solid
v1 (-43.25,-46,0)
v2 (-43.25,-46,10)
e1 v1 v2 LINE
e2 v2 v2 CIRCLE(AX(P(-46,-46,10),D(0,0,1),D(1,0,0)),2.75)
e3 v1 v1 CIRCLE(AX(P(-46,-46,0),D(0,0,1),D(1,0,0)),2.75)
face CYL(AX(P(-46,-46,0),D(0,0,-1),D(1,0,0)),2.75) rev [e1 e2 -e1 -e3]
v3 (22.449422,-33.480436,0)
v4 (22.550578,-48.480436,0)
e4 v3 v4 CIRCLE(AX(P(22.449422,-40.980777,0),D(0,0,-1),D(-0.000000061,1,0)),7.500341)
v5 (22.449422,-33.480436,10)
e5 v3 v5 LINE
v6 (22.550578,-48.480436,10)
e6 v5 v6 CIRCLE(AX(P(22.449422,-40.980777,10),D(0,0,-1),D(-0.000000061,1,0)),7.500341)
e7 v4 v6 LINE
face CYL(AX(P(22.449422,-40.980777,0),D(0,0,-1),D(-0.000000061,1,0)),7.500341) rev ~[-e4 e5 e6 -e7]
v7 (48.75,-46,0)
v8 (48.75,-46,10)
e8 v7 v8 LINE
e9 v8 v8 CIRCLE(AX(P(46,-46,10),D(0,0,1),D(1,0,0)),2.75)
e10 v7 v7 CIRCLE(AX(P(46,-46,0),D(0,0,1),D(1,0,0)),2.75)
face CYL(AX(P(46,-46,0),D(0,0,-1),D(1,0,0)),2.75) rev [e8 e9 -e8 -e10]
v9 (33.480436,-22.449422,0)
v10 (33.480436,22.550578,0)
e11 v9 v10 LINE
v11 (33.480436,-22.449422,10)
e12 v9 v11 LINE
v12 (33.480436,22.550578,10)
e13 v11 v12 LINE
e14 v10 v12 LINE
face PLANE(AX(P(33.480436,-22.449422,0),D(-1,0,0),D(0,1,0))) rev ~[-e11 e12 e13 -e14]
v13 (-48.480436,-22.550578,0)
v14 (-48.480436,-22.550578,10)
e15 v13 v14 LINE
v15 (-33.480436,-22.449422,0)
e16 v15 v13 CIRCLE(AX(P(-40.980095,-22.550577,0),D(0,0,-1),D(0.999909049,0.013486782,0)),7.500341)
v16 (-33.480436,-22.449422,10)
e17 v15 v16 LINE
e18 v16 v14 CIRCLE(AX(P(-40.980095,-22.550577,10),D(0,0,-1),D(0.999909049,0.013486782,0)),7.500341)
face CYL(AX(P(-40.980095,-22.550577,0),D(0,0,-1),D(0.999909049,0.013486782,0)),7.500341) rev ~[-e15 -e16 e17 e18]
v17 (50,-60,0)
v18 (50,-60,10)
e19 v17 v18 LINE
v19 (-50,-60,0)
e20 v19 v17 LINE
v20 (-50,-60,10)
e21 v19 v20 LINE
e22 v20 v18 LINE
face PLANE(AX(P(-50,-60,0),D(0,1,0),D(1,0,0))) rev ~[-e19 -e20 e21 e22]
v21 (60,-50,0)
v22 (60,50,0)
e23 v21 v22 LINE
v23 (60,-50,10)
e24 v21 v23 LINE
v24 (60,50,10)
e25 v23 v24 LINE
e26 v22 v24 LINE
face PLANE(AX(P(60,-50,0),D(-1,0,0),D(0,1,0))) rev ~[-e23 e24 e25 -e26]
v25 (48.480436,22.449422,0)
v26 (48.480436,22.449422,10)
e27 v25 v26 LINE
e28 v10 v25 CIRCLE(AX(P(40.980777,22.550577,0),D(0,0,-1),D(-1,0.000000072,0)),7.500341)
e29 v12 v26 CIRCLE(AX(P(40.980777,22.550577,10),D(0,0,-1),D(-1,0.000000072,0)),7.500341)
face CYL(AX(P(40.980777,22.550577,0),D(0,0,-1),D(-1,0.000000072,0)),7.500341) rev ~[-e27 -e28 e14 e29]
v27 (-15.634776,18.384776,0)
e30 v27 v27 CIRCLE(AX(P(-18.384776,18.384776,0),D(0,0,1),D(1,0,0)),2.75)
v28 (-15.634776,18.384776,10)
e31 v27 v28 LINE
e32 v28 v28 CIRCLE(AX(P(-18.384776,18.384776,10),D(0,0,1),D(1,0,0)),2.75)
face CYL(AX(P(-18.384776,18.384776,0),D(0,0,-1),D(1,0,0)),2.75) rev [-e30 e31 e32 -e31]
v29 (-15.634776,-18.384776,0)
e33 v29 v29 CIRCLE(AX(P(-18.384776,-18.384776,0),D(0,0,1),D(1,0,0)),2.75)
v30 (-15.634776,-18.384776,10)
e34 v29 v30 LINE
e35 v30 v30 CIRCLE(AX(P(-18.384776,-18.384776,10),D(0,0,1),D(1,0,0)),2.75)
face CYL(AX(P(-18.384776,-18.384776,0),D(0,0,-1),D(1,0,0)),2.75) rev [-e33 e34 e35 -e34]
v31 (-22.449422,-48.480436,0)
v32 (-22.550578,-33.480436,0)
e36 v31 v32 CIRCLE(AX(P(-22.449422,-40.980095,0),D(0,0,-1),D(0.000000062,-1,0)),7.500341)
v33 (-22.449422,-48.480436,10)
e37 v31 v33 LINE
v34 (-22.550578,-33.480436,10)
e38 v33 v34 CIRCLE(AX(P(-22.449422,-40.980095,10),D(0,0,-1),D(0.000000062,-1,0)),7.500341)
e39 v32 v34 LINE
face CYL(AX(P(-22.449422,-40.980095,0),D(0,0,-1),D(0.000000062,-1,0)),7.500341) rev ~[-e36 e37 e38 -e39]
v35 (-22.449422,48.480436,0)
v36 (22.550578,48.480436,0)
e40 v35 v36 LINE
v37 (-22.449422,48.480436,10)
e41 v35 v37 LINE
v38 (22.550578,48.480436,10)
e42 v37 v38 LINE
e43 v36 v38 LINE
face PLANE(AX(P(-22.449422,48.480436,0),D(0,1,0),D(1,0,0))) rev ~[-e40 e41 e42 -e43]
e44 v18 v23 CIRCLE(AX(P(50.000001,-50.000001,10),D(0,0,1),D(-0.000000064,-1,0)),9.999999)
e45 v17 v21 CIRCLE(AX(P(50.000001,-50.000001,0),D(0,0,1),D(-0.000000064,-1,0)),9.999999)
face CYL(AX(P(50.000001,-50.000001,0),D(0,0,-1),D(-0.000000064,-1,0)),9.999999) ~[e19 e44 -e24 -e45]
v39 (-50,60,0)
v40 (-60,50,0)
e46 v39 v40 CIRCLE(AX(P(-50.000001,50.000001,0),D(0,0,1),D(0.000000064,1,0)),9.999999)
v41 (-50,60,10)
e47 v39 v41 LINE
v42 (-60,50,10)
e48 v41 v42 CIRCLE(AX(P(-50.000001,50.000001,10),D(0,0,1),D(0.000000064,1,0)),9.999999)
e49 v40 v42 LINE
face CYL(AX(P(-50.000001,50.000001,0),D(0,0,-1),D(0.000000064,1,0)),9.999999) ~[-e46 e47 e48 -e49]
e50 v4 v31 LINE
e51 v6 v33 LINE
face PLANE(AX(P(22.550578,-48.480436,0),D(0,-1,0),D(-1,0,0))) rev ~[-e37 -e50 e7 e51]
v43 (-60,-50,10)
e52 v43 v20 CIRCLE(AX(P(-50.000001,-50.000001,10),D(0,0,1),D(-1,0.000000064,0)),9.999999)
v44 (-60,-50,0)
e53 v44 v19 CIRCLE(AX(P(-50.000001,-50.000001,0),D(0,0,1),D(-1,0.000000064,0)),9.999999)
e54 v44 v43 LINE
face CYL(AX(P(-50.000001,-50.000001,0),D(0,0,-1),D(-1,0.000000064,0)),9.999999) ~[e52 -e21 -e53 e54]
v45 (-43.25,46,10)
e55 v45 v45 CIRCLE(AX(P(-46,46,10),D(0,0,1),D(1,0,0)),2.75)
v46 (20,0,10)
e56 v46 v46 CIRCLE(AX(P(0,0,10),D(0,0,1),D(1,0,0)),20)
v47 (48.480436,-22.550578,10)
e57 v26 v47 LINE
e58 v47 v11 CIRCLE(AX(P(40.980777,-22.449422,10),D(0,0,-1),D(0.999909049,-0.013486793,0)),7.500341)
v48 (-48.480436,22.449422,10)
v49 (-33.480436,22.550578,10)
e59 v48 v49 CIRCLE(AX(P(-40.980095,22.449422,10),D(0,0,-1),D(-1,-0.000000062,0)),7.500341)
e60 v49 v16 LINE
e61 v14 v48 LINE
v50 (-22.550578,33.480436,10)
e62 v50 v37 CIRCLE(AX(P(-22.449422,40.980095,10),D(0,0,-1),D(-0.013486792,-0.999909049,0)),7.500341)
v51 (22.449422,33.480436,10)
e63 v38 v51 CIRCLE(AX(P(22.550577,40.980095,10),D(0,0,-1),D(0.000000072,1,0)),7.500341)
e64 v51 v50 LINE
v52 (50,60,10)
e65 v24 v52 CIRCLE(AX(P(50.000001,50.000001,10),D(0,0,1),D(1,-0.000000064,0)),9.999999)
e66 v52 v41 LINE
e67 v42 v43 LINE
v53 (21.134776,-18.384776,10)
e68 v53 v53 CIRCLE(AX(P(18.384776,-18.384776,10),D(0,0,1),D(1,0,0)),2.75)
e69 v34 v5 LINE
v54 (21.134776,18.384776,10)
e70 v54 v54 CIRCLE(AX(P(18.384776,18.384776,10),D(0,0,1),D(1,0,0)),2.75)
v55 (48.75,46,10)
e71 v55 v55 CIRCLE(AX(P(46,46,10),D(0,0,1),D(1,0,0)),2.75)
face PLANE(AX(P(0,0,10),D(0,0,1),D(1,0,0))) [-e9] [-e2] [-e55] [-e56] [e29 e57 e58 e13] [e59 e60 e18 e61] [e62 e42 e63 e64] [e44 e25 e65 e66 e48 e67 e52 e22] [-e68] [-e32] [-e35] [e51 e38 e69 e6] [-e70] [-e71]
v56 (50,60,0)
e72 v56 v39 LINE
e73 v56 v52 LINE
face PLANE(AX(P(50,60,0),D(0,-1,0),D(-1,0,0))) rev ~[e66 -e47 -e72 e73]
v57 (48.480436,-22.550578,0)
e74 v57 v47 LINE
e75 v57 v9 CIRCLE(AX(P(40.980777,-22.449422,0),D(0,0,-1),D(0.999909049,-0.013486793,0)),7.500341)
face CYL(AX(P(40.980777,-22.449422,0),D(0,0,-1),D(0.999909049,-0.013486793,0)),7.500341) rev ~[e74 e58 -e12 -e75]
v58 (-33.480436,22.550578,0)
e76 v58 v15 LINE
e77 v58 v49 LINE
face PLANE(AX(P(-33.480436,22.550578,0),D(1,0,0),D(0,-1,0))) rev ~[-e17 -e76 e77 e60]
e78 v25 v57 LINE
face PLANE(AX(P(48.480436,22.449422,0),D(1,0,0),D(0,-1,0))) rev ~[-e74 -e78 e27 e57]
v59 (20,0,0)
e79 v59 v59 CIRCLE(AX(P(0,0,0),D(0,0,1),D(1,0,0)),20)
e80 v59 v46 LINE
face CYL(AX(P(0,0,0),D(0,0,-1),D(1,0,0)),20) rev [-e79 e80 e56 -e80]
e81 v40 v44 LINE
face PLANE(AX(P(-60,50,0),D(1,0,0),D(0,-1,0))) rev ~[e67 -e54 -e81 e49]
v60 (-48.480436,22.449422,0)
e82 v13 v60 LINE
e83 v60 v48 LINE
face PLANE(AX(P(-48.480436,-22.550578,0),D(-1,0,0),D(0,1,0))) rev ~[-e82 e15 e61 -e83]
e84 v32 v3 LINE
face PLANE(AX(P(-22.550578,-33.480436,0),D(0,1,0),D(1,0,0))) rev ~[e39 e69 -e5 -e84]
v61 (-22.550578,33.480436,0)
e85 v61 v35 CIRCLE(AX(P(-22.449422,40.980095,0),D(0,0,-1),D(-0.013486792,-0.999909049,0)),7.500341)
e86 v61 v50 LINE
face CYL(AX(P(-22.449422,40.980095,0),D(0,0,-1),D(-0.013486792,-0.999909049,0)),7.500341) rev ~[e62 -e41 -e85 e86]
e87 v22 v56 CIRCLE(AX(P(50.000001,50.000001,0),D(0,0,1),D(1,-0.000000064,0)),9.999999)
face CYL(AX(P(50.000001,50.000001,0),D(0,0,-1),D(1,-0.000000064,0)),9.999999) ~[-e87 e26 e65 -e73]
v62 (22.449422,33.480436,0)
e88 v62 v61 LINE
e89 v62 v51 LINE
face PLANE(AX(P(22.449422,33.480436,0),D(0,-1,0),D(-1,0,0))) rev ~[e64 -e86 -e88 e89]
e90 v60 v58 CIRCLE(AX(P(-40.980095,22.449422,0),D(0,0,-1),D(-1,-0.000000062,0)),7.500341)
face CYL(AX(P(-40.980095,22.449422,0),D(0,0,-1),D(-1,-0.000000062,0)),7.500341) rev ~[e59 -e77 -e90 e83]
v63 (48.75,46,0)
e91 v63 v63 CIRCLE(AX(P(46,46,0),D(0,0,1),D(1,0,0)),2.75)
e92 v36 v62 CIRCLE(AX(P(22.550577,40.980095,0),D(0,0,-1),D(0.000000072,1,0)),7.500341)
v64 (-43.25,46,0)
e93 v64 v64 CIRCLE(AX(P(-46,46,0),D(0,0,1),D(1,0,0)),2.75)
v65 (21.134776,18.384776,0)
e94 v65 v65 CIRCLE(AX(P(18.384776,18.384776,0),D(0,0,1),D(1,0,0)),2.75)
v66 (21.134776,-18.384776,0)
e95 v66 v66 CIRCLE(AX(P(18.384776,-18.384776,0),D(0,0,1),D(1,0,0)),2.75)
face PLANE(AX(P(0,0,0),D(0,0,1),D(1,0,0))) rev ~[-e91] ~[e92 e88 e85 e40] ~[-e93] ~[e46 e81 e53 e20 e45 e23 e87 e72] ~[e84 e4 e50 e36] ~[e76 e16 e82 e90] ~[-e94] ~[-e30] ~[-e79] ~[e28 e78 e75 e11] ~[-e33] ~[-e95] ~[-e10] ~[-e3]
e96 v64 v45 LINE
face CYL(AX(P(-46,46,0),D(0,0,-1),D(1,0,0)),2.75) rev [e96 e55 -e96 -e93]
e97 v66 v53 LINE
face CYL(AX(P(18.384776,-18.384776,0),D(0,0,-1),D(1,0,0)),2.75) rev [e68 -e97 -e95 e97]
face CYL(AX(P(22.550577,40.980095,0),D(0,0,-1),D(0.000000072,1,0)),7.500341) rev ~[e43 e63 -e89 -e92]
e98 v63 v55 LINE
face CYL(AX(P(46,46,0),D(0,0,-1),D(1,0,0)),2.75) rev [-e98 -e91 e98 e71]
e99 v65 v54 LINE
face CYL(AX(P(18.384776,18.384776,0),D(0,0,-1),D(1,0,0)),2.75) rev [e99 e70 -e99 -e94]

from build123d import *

# Parameters (mm, degrees)
F0_R     = 2.75
F0_R_2   = 20
F1_DEPTH = 10


with BuildPart() as f1:
    # F0 (on Top) → F1 (new body)
    with BuildSketch(Plane.XY):
        with BuildLine():
            Line((-50, -60), (50, -60))
            ThreePointArc((50, -60), (57.071068, -57.071068), (60, -50))
            Line((60, -50), (60, 50))
            ThreePointArc((60, 50), (57.071068, 57.071068), (50, 60))
            Line((50, 60), (-50, 60))
            ThreePointArc((-50, 60), (-57.071068, 57.071068), (-60, 50))
            Line((-60, 50), (-60, -50))
            ThreePointArc((-60, -50), (-57.071068, -57.071068), (-50, -60))
        make_face()
        with Locations((-46, -46)):
            Circle(F0_R, mode=Mode.SUBTRACT)
        with BuildLine():
            Line((-33.480436, 22.550578), (-33.480436, -22.449422))
            ThreePointArc((-33.480436, -22.449422), (-40.929516, -30.050748), (-48.480436, -22.550578))
            Line((-48.480436, -22.550578), (-48.480436, 22.449422))
            ThreePointArc((-48.480436, 22.449422), (-41.030674, 29.949593), (-33.480436, 22.550578))
        make_face(mode=Mode.SUBTRACT)
        with Locations((-18.384776, -18.384776)):
            Circle(F0_R, mode=Mode.SUBTRACT)
        with BuildLine():
            Line((-22.550578, -33.480436), (22.449422, -33.480436))
            ThreePointArc((22.449422, -33.480436), (29.949593, -40.930199), (22.550578, -48.480436))
            Line((22.550578, -48.480436), (-22.449422, -48.480436))
            ThreePointArc((-22.449422, -48.480436), (-29.949593, -41.030674), (-22.550578, -33.480436))
        make_face(mode=Mode.SUBTRACT)
        with Locations((46, -46)):
            Circle(F0_R, mode=Mode.SUBTRACT)
        with Locations((18.384776, -18.384776)):
            Circle(F0_R, mode=Mode.SUBTRACT)
        with Locations((-18.384776, 18.384776)):
            Circle(F0_R, mode=Mode.SUBTRACT)
        with Locations((-46, 46)):
            Circle(F0_R, mode=Mode.SUBTRACT)
        Circle(F0_R_2, mode=Mode.SUBTRACT)
        with Locations((18.384776, 18.384776)):
            Circle(F0_R, mode=Mode.SUBTRACT)
        with BuildLine():
            Line((48.480436, 22.449422), (48.480436, -22.550578))
            ThreePointArc((48.480436, -22.550578), (40.930199, -29.949593), (33.480436, -22.449422))
            Line((33.480436, -22.449422), (33.480436, 22.550578))
            ThreePointArc((33.480436, 22.550578), (41.031356, 30.050748), (48.480436, 22.449422))
        make_face(mode=Mode.SUBTRACT)
        with BuildLine():
            ThreePointArc((22.550578, 48.480436), (30.050748, 40.929516), (22.449422, 33.480436))
            Line((22.449422, 33.480436), (-22.550578, 33.480436))
            ThreePointArc((-22.550578, 33.480436), (-29.949593, 41.030674), (-22.449422, 48.480436))
            Line((-22.449422, 48.480436), (22.550578, 48.480436))
        make_face(mode=Mode.SUBTRACT)
        with Locations((46, 46)):
            Circle(F0_R, mode=Mode.SUBTRACT)
    extrude(amount=F1_DEPTH)


solid = f1.part
